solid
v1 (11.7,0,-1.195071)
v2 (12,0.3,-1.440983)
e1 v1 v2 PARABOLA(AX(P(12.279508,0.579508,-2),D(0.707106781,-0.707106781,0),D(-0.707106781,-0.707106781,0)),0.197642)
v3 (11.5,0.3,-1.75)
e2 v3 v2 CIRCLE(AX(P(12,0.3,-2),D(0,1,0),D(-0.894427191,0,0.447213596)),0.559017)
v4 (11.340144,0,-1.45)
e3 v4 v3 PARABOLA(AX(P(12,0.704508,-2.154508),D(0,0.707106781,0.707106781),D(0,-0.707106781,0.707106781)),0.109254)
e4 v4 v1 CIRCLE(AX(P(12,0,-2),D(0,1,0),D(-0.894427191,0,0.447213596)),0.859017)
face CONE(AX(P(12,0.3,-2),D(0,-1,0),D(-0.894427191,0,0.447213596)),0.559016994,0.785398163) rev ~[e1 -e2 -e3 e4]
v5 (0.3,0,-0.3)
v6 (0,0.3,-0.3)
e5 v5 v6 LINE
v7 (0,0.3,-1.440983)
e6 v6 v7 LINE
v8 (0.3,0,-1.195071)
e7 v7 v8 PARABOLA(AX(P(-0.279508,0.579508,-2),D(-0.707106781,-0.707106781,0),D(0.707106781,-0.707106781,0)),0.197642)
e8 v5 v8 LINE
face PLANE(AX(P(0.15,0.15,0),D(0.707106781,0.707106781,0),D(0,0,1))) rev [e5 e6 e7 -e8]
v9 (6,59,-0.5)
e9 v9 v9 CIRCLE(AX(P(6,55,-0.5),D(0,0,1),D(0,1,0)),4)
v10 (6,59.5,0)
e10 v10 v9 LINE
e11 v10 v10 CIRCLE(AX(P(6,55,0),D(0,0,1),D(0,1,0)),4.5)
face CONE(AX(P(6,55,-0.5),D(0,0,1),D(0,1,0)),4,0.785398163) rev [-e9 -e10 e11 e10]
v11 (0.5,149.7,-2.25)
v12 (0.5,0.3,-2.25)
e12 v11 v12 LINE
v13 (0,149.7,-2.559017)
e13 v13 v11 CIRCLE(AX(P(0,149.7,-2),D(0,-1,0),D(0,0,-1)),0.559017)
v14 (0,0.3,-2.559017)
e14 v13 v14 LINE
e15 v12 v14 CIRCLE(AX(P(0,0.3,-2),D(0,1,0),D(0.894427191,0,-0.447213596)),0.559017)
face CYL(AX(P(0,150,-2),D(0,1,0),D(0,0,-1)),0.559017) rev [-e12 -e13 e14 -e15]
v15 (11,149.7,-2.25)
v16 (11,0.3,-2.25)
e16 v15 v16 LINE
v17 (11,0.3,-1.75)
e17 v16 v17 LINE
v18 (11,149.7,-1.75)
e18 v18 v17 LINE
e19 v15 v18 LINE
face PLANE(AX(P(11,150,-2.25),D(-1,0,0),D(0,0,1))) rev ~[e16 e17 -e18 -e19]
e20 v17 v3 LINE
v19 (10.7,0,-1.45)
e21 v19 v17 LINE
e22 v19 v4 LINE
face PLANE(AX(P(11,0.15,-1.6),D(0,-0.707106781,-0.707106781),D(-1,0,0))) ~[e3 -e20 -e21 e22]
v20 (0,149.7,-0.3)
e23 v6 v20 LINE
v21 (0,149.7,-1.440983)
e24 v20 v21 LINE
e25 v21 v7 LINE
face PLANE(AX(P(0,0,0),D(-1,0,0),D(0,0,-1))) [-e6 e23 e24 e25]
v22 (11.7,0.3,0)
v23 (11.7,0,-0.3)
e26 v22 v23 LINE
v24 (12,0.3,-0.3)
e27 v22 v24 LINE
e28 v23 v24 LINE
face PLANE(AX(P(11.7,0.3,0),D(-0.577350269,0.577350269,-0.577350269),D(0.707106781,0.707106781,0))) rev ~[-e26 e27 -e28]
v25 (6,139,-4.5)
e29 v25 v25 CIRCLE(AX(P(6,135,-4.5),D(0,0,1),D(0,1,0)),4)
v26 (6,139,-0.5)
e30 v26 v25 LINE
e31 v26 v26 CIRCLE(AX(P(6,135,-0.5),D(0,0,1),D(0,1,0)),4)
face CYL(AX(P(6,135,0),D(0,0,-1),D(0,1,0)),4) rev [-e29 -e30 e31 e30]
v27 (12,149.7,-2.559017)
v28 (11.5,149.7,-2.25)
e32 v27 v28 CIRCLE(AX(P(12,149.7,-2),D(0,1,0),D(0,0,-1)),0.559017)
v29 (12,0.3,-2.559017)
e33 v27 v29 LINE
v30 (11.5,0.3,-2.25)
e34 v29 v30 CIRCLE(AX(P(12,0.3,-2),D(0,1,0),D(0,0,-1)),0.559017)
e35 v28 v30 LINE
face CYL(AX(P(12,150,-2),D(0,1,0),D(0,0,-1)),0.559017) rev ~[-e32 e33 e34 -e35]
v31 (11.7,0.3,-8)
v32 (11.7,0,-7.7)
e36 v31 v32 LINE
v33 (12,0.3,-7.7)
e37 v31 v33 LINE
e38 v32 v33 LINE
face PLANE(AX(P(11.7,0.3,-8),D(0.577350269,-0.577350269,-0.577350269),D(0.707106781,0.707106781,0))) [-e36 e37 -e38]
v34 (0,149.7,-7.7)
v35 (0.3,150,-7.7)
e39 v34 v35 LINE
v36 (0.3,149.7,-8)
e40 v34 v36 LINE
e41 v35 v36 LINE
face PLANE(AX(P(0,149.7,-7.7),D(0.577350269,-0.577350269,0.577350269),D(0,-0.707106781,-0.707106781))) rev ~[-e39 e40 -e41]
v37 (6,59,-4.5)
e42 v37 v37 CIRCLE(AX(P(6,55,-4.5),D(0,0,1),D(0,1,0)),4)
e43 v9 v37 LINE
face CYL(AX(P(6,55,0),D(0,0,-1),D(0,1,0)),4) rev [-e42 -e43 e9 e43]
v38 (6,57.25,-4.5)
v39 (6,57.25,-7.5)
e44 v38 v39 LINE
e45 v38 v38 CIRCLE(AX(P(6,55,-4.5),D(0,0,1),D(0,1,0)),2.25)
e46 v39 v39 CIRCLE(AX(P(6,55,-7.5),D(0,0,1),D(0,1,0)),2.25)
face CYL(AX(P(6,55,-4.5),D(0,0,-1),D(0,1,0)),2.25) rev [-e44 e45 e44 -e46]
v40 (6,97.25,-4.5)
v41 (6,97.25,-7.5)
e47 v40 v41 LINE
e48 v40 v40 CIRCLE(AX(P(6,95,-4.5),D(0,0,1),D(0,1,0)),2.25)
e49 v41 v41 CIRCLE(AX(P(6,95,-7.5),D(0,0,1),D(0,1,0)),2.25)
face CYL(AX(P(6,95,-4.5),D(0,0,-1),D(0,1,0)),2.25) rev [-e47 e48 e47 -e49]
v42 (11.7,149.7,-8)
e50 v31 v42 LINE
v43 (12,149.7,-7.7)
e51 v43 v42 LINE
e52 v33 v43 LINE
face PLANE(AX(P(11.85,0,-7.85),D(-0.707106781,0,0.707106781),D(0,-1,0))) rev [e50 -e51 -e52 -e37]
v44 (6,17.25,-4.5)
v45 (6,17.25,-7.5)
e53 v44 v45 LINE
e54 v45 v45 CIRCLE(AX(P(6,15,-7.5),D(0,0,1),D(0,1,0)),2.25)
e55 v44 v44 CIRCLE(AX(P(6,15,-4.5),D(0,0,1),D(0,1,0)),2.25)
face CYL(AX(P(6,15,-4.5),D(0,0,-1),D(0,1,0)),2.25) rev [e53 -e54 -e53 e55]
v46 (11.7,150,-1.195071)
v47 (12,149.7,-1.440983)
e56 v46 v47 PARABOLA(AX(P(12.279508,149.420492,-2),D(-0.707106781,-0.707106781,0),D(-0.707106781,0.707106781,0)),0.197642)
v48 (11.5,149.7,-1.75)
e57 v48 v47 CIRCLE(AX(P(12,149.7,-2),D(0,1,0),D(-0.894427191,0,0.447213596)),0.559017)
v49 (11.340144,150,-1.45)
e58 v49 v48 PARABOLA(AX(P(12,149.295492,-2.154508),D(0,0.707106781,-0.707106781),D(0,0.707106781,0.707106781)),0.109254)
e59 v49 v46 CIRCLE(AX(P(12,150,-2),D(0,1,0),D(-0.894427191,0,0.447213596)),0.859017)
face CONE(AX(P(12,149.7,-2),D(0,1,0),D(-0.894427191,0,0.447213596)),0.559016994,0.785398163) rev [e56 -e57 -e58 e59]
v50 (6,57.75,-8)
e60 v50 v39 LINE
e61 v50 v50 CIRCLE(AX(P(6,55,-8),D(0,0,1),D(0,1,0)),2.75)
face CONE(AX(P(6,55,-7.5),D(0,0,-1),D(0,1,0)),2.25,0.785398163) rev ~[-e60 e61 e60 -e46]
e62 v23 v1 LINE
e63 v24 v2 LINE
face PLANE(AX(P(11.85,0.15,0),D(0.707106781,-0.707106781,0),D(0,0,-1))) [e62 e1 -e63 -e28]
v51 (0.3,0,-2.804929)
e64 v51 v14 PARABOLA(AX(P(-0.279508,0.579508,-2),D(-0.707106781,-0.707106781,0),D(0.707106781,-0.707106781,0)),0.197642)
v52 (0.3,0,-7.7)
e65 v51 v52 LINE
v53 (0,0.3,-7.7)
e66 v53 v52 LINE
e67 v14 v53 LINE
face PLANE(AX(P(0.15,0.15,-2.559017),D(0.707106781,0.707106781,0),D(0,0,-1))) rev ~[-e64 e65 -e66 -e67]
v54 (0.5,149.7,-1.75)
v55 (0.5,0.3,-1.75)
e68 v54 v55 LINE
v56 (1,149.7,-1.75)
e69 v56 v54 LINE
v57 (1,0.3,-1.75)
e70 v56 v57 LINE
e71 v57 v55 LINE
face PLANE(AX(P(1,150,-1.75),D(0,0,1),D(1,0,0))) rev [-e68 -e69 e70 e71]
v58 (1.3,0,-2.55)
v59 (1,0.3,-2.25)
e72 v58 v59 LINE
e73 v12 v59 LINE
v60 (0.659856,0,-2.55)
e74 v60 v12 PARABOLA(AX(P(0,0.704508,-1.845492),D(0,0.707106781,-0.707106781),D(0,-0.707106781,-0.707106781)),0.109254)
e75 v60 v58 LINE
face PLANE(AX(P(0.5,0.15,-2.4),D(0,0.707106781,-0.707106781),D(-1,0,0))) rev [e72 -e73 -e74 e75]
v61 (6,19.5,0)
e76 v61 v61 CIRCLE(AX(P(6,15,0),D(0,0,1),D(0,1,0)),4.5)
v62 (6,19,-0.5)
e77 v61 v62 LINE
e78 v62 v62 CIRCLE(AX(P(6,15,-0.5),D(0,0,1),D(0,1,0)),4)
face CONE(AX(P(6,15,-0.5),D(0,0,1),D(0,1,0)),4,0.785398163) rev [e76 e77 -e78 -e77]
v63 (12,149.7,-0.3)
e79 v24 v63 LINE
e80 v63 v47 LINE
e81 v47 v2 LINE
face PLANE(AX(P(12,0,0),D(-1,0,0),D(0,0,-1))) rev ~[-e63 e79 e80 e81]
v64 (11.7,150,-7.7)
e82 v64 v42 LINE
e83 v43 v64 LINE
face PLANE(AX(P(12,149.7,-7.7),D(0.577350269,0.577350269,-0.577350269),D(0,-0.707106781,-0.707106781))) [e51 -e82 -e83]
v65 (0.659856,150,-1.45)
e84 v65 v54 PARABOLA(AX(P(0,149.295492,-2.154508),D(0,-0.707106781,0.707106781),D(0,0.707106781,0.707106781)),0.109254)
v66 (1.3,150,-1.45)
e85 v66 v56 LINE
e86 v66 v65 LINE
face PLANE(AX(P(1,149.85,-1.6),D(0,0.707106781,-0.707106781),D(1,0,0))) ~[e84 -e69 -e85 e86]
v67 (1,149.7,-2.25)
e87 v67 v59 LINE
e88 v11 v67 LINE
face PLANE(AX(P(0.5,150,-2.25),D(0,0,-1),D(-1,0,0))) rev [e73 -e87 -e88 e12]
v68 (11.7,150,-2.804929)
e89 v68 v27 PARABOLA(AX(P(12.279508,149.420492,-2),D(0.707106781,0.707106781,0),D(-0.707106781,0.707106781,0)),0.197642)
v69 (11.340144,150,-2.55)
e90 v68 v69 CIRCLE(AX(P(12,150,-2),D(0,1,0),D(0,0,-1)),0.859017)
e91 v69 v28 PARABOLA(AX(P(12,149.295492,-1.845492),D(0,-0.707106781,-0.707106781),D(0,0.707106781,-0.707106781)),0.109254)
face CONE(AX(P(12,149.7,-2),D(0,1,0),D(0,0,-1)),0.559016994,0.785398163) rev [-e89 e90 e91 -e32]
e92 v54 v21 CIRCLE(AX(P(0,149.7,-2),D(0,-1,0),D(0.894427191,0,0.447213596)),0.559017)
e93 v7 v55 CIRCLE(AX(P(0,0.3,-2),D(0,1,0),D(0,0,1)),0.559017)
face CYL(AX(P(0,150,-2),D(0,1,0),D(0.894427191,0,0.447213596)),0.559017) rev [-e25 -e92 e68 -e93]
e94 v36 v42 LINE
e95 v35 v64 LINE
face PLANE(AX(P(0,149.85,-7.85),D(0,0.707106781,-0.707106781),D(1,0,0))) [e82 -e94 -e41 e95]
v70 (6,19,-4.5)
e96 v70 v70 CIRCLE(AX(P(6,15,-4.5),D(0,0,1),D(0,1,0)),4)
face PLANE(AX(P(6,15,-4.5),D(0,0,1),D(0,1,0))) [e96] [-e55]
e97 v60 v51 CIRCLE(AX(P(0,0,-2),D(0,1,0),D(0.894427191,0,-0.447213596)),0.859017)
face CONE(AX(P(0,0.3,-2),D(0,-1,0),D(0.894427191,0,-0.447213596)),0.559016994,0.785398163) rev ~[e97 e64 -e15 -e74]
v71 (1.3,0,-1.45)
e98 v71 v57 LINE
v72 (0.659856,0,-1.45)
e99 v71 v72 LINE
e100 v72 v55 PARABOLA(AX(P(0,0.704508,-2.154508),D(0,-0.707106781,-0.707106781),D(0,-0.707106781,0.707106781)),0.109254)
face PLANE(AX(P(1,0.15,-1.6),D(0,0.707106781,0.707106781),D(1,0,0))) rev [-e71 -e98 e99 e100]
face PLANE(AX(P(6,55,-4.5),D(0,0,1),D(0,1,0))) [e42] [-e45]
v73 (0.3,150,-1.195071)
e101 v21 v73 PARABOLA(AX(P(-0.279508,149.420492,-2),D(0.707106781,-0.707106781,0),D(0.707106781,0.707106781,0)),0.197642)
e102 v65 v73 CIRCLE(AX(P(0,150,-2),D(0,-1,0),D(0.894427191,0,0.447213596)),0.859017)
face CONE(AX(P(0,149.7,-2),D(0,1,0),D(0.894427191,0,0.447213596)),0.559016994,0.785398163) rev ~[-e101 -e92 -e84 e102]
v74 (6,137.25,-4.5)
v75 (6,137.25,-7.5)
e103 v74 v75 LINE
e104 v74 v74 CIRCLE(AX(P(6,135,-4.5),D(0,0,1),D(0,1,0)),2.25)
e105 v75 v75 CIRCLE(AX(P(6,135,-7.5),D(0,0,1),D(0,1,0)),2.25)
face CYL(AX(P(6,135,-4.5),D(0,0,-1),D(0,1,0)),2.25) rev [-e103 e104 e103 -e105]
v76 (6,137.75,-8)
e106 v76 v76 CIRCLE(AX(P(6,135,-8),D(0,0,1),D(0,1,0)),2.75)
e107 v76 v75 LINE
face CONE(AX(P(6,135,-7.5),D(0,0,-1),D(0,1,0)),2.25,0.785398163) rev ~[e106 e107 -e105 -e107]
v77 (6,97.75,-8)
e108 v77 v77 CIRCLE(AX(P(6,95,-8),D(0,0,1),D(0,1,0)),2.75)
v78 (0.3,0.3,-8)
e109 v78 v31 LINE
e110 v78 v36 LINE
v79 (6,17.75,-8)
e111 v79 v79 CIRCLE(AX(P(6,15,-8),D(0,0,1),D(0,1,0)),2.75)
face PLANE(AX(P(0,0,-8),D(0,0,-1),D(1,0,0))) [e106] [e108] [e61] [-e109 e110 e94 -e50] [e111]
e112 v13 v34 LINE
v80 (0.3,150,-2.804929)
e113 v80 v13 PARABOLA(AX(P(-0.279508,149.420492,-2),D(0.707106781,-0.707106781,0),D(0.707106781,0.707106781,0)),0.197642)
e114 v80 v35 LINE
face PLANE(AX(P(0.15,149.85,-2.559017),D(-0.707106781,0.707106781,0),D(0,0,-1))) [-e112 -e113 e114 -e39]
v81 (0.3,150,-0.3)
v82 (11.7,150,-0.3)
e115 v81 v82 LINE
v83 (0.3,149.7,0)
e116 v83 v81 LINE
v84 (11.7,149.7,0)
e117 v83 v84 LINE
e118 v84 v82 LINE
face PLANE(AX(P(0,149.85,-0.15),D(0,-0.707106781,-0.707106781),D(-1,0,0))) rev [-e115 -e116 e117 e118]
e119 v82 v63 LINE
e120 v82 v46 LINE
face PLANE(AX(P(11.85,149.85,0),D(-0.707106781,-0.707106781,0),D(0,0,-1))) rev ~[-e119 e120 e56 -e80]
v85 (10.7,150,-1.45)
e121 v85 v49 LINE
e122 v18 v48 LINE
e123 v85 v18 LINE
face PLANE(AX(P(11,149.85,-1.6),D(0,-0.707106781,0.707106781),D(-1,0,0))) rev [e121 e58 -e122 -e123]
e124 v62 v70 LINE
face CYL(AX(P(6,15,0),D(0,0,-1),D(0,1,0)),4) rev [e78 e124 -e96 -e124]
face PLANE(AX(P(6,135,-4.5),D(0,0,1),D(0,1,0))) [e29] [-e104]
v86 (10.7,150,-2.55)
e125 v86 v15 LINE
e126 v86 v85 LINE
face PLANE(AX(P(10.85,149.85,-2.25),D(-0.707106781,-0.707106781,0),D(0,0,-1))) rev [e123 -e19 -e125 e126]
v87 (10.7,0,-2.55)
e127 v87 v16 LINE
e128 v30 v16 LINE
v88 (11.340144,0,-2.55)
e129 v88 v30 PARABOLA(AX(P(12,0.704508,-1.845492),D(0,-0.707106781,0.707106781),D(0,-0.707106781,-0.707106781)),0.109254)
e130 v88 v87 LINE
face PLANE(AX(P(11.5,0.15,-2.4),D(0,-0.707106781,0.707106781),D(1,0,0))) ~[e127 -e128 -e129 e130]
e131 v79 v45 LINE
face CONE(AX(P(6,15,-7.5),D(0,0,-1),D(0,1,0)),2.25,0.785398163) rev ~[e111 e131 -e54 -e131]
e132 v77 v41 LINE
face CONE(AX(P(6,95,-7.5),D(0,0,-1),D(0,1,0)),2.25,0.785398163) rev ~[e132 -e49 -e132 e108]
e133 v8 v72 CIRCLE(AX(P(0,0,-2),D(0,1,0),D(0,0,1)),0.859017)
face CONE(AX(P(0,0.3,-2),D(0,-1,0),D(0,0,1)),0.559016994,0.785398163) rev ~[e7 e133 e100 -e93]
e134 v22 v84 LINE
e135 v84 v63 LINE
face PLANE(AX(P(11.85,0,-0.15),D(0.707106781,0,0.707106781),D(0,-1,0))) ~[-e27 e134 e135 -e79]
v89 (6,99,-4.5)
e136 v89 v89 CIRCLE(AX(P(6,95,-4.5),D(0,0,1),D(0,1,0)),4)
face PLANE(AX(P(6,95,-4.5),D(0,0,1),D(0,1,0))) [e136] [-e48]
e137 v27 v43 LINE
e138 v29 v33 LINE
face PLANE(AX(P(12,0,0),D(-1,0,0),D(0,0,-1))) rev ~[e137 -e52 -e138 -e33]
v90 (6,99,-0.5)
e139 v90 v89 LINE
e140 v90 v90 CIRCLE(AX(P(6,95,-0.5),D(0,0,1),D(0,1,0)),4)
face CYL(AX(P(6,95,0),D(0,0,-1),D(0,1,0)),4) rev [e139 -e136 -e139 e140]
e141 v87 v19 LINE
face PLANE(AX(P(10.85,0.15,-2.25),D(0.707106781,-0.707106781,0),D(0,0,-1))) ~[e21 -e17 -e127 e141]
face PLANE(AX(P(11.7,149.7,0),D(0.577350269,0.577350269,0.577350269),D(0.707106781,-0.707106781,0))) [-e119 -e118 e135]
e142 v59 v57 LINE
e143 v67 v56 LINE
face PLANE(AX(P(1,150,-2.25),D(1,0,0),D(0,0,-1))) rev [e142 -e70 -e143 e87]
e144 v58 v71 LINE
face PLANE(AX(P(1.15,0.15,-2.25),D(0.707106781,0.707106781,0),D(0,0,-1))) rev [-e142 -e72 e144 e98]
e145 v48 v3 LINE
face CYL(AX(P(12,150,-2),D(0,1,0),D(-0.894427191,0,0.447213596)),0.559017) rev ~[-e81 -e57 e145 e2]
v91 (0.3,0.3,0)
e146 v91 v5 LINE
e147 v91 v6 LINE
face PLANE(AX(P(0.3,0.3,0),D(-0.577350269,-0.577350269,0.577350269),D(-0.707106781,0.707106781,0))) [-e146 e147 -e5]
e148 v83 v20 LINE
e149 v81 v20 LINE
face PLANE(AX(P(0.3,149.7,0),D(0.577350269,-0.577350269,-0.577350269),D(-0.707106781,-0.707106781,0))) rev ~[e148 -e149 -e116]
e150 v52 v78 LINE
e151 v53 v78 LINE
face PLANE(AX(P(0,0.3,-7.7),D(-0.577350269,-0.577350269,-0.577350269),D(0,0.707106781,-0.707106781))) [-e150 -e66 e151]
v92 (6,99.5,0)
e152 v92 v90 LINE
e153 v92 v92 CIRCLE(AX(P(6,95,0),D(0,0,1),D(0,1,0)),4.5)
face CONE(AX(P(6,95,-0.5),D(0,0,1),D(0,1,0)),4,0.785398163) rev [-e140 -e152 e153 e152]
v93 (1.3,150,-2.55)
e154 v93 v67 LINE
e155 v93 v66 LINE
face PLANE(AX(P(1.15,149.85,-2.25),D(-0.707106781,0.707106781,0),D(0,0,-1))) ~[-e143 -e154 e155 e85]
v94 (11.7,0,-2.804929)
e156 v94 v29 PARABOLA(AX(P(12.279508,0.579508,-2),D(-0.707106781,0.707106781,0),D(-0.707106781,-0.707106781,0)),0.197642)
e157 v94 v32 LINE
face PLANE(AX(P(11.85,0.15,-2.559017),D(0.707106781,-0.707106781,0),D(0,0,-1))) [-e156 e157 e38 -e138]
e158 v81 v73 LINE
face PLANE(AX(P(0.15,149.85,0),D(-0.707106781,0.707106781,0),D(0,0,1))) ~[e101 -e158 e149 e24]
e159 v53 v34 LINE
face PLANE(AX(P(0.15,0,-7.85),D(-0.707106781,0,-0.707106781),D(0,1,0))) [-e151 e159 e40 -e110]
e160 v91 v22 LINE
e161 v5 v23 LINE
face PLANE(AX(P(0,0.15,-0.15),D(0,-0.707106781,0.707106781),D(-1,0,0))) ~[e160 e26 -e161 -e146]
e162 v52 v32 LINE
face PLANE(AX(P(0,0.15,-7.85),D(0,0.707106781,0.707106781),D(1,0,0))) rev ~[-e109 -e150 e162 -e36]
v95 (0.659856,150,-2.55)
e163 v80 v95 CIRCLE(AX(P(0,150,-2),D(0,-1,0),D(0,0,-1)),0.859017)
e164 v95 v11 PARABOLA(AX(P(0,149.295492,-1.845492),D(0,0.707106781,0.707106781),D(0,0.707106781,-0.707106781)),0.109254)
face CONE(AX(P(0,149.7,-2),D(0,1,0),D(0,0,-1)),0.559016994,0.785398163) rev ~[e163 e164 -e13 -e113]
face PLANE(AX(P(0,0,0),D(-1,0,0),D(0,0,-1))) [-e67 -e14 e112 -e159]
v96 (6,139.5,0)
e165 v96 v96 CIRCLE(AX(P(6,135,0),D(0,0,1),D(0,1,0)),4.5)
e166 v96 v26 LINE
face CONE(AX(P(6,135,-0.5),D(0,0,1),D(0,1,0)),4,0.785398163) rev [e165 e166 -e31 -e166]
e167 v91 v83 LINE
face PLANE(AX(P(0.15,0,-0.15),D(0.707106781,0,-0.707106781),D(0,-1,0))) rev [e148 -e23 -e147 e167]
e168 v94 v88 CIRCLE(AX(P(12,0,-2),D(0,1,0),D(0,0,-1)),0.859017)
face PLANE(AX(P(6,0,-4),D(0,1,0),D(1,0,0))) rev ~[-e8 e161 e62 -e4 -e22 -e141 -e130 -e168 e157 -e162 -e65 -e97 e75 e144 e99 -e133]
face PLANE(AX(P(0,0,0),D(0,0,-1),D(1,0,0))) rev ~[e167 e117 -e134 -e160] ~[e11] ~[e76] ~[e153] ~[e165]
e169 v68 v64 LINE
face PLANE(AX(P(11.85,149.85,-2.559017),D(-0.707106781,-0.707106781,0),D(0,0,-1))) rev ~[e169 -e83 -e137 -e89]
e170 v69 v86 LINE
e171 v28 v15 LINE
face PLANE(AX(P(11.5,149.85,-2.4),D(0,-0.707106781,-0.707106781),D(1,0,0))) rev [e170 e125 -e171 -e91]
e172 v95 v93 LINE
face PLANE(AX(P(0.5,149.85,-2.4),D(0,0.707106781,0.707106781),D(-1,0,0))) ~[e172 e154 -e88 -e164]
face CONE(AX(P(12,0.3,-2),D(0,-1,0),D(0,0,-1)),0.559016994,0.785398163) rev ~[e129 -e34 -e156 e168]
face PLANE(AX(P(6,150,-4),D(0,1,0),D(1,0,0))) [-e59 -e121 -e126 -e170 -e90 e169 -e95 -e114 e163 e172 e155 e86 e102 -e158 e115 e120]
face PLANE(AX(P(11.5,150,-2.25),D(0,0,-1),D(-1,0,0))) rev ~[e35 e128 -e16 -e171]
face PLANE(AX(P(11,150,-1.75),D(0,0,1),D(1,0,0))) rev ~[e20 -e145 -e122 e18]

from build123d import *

# Parameters (mm, degrees)
SKETCH_1_W                         = 12
SKETCH_1_H                         = 8
EXTRUDE_1_DEPTH                    = 150
CUT_EXTRUDE_1_DEPTH                = 151
CHAMFER_1_SIZE                     = 0.5
PATTERN_LINEAR_1_COUNT             = 4
PATTERN_LINEAR_1_PITCH             = 40
CHAMFER_1_OF_PATTERN_LINEAR_1_SIZE = 0.5
CHAMFER_2_SIZE                     = 0.3


with BuildPart() as part:
    # Эскиз1 → Бобышка-Вытянуть1 (new body)
    with BuildSketch(Plane(origin=(0, 0, 0), x_dir=(1, 0, 0), z_dir=(0, 1, 0))):
        with Locations((6, 4)):
            Rectangle(SKETCH_1_W, SKETCH_1_H)
    extrude(amount=EXTRUDE_1_DEPTH)

    # Эскиз2 → Вырез-Вытянуть1 (cut, through all)
    with BuildSketch(Plane(origin=(0, 150, 0), x_dir=(1, 0, 0), z_dir=(0, 1, 0))):
        with BuildLine():
            Line((11, 2.25), (11, 1.75))
            Line((11, 1.75), (11.5, 1.75))
            ThreePointArc((11.5, 1.75), (11.706107374, 1.524471742), (12, 1.440983006))
            Line((12, 1.440983006), (12, 2.559016994))
            ThreePointArc((12, 2.559016994), (11.706107374, 2.475528258), (11.5, 2.25))
            Line((11.5, 2.25), (11, 2.25))
        make_face()
    cut_extrude_1 = extrude(amount=-CUT_EXTRUDE_1_DEPTH, mode=Mode.SUBTRACT)

    # Зеркальное отражение1: Вырез-Вытянуть1 across plane
    add(cut_extrude_1.mirror(Plane(origin=(6, 0, 0), x_dir=(0, 0, 1), z_dir=(1, 0, 0))), mode=Mode.SUBTRACT)

    # Эскиз4 → Вырез-Повернуть1 (revolve, cut)
    with BuildSketch(Plane(origin=(6, 0, 0), x_dir=(0, 0, -1), z_dir=(1, 0, 0))):
        Polygon((0, 139), (4.5, 139), (4.5, 137.25), (8, 137.25), (8, 135), (0, 135), align=None)
    cut_revolve_1 = revolve(axis=Axis((6, 135, -8), (0, 0, 1)), mode=Mode.SUBTRACT)

    # Фаска1
    chamfer_1_edges = [part.edges().sort_by_distance(p)[0] for p in [
        (6, 131, 0),
        (6, 132.75, -8),
    ]]
    chamfer(chamfer_1_edges, length=CHAMFER_1_SIZE)

    # Линейный массив1: Вырез-Повернуть1 ×4
    with Locations(*[(0, -i * PATTERN_LINEAR_1_PITCH, 0) for i in range(1, PATTERN_LINEAR_1_COUNT)]):
        add(cut_revolve_1, mode=Mode.SUBTRACT)

    # Фаска1 of Линейный массив1
    chamfer_1_of_pattern_linear_1_edges = [part.edges().sort_by_distance(p)[0] for p in [
        (6, 91, 0),
        (6, 92.75, -8),
        (6, 51, 0),
        (6, 52.75, -8),
        (6, 11, 0),
        (6, 12.75, -8),
    ]]
    chamfer(chamfer_1_of_pattern_linear_1_edges, length=CHAMFER_1_OF_PATTERN_LINEAR_1_SIZE)

    # Фаска2
    chamfer_2_edges = [part.edges().sort_by_distance(p)[0] for p in [
        (12, 150, -0.720491503),
        (6, 150, -8),
        (12, 0, -5.279508497),
        (12, 150, -5.279508497),
        (11.25, 0, -2.25),
        (11.706107374, 0, -2.475528258),
        (11.706107374, 0, -1.524471742),
        (11.25, 0, -1.75),
        (11, 0, -2),
        (11.25, 150, -2.25),
        (11, 150, -2),
        (11.25, 150, -1.75),
        (11.706107374, 150, -1.524471742),
        (11.706107374, 150, -2.475528258),
        (0, 0, -0.720491503),
        (0, 150, -0.720491503),
        (0, 150, -5.279508497),
        (0.75, 150, -2.25),
        (1, 150, -2),
        (0.75, 150, -1.75),
        (0.293892626, 150, -1.524471742),
        (0.293892626, 150, -2.475528258),
        (0.75, 0, -2.25),
        (6, 0, -8),
        (1, 0, -2),
        (0.75, 0, -1.75),
        (0.293892626, 0, -1.524471742),
        (0.293892626, 0, -2.475528258),
        (12, 0, -0.720491503),
        (6, 0, 0),
        (0, 0, -5.279508497),
        (6, 150, 0),
        (0, 75, -8),
        (12, 75, -8),
        (12, 75, 0),
        (0, 75, 0),
    ]]
    chamfer(chamfer_2_edges, length=CHAMFER_2_SIZE)


solid = part.part
